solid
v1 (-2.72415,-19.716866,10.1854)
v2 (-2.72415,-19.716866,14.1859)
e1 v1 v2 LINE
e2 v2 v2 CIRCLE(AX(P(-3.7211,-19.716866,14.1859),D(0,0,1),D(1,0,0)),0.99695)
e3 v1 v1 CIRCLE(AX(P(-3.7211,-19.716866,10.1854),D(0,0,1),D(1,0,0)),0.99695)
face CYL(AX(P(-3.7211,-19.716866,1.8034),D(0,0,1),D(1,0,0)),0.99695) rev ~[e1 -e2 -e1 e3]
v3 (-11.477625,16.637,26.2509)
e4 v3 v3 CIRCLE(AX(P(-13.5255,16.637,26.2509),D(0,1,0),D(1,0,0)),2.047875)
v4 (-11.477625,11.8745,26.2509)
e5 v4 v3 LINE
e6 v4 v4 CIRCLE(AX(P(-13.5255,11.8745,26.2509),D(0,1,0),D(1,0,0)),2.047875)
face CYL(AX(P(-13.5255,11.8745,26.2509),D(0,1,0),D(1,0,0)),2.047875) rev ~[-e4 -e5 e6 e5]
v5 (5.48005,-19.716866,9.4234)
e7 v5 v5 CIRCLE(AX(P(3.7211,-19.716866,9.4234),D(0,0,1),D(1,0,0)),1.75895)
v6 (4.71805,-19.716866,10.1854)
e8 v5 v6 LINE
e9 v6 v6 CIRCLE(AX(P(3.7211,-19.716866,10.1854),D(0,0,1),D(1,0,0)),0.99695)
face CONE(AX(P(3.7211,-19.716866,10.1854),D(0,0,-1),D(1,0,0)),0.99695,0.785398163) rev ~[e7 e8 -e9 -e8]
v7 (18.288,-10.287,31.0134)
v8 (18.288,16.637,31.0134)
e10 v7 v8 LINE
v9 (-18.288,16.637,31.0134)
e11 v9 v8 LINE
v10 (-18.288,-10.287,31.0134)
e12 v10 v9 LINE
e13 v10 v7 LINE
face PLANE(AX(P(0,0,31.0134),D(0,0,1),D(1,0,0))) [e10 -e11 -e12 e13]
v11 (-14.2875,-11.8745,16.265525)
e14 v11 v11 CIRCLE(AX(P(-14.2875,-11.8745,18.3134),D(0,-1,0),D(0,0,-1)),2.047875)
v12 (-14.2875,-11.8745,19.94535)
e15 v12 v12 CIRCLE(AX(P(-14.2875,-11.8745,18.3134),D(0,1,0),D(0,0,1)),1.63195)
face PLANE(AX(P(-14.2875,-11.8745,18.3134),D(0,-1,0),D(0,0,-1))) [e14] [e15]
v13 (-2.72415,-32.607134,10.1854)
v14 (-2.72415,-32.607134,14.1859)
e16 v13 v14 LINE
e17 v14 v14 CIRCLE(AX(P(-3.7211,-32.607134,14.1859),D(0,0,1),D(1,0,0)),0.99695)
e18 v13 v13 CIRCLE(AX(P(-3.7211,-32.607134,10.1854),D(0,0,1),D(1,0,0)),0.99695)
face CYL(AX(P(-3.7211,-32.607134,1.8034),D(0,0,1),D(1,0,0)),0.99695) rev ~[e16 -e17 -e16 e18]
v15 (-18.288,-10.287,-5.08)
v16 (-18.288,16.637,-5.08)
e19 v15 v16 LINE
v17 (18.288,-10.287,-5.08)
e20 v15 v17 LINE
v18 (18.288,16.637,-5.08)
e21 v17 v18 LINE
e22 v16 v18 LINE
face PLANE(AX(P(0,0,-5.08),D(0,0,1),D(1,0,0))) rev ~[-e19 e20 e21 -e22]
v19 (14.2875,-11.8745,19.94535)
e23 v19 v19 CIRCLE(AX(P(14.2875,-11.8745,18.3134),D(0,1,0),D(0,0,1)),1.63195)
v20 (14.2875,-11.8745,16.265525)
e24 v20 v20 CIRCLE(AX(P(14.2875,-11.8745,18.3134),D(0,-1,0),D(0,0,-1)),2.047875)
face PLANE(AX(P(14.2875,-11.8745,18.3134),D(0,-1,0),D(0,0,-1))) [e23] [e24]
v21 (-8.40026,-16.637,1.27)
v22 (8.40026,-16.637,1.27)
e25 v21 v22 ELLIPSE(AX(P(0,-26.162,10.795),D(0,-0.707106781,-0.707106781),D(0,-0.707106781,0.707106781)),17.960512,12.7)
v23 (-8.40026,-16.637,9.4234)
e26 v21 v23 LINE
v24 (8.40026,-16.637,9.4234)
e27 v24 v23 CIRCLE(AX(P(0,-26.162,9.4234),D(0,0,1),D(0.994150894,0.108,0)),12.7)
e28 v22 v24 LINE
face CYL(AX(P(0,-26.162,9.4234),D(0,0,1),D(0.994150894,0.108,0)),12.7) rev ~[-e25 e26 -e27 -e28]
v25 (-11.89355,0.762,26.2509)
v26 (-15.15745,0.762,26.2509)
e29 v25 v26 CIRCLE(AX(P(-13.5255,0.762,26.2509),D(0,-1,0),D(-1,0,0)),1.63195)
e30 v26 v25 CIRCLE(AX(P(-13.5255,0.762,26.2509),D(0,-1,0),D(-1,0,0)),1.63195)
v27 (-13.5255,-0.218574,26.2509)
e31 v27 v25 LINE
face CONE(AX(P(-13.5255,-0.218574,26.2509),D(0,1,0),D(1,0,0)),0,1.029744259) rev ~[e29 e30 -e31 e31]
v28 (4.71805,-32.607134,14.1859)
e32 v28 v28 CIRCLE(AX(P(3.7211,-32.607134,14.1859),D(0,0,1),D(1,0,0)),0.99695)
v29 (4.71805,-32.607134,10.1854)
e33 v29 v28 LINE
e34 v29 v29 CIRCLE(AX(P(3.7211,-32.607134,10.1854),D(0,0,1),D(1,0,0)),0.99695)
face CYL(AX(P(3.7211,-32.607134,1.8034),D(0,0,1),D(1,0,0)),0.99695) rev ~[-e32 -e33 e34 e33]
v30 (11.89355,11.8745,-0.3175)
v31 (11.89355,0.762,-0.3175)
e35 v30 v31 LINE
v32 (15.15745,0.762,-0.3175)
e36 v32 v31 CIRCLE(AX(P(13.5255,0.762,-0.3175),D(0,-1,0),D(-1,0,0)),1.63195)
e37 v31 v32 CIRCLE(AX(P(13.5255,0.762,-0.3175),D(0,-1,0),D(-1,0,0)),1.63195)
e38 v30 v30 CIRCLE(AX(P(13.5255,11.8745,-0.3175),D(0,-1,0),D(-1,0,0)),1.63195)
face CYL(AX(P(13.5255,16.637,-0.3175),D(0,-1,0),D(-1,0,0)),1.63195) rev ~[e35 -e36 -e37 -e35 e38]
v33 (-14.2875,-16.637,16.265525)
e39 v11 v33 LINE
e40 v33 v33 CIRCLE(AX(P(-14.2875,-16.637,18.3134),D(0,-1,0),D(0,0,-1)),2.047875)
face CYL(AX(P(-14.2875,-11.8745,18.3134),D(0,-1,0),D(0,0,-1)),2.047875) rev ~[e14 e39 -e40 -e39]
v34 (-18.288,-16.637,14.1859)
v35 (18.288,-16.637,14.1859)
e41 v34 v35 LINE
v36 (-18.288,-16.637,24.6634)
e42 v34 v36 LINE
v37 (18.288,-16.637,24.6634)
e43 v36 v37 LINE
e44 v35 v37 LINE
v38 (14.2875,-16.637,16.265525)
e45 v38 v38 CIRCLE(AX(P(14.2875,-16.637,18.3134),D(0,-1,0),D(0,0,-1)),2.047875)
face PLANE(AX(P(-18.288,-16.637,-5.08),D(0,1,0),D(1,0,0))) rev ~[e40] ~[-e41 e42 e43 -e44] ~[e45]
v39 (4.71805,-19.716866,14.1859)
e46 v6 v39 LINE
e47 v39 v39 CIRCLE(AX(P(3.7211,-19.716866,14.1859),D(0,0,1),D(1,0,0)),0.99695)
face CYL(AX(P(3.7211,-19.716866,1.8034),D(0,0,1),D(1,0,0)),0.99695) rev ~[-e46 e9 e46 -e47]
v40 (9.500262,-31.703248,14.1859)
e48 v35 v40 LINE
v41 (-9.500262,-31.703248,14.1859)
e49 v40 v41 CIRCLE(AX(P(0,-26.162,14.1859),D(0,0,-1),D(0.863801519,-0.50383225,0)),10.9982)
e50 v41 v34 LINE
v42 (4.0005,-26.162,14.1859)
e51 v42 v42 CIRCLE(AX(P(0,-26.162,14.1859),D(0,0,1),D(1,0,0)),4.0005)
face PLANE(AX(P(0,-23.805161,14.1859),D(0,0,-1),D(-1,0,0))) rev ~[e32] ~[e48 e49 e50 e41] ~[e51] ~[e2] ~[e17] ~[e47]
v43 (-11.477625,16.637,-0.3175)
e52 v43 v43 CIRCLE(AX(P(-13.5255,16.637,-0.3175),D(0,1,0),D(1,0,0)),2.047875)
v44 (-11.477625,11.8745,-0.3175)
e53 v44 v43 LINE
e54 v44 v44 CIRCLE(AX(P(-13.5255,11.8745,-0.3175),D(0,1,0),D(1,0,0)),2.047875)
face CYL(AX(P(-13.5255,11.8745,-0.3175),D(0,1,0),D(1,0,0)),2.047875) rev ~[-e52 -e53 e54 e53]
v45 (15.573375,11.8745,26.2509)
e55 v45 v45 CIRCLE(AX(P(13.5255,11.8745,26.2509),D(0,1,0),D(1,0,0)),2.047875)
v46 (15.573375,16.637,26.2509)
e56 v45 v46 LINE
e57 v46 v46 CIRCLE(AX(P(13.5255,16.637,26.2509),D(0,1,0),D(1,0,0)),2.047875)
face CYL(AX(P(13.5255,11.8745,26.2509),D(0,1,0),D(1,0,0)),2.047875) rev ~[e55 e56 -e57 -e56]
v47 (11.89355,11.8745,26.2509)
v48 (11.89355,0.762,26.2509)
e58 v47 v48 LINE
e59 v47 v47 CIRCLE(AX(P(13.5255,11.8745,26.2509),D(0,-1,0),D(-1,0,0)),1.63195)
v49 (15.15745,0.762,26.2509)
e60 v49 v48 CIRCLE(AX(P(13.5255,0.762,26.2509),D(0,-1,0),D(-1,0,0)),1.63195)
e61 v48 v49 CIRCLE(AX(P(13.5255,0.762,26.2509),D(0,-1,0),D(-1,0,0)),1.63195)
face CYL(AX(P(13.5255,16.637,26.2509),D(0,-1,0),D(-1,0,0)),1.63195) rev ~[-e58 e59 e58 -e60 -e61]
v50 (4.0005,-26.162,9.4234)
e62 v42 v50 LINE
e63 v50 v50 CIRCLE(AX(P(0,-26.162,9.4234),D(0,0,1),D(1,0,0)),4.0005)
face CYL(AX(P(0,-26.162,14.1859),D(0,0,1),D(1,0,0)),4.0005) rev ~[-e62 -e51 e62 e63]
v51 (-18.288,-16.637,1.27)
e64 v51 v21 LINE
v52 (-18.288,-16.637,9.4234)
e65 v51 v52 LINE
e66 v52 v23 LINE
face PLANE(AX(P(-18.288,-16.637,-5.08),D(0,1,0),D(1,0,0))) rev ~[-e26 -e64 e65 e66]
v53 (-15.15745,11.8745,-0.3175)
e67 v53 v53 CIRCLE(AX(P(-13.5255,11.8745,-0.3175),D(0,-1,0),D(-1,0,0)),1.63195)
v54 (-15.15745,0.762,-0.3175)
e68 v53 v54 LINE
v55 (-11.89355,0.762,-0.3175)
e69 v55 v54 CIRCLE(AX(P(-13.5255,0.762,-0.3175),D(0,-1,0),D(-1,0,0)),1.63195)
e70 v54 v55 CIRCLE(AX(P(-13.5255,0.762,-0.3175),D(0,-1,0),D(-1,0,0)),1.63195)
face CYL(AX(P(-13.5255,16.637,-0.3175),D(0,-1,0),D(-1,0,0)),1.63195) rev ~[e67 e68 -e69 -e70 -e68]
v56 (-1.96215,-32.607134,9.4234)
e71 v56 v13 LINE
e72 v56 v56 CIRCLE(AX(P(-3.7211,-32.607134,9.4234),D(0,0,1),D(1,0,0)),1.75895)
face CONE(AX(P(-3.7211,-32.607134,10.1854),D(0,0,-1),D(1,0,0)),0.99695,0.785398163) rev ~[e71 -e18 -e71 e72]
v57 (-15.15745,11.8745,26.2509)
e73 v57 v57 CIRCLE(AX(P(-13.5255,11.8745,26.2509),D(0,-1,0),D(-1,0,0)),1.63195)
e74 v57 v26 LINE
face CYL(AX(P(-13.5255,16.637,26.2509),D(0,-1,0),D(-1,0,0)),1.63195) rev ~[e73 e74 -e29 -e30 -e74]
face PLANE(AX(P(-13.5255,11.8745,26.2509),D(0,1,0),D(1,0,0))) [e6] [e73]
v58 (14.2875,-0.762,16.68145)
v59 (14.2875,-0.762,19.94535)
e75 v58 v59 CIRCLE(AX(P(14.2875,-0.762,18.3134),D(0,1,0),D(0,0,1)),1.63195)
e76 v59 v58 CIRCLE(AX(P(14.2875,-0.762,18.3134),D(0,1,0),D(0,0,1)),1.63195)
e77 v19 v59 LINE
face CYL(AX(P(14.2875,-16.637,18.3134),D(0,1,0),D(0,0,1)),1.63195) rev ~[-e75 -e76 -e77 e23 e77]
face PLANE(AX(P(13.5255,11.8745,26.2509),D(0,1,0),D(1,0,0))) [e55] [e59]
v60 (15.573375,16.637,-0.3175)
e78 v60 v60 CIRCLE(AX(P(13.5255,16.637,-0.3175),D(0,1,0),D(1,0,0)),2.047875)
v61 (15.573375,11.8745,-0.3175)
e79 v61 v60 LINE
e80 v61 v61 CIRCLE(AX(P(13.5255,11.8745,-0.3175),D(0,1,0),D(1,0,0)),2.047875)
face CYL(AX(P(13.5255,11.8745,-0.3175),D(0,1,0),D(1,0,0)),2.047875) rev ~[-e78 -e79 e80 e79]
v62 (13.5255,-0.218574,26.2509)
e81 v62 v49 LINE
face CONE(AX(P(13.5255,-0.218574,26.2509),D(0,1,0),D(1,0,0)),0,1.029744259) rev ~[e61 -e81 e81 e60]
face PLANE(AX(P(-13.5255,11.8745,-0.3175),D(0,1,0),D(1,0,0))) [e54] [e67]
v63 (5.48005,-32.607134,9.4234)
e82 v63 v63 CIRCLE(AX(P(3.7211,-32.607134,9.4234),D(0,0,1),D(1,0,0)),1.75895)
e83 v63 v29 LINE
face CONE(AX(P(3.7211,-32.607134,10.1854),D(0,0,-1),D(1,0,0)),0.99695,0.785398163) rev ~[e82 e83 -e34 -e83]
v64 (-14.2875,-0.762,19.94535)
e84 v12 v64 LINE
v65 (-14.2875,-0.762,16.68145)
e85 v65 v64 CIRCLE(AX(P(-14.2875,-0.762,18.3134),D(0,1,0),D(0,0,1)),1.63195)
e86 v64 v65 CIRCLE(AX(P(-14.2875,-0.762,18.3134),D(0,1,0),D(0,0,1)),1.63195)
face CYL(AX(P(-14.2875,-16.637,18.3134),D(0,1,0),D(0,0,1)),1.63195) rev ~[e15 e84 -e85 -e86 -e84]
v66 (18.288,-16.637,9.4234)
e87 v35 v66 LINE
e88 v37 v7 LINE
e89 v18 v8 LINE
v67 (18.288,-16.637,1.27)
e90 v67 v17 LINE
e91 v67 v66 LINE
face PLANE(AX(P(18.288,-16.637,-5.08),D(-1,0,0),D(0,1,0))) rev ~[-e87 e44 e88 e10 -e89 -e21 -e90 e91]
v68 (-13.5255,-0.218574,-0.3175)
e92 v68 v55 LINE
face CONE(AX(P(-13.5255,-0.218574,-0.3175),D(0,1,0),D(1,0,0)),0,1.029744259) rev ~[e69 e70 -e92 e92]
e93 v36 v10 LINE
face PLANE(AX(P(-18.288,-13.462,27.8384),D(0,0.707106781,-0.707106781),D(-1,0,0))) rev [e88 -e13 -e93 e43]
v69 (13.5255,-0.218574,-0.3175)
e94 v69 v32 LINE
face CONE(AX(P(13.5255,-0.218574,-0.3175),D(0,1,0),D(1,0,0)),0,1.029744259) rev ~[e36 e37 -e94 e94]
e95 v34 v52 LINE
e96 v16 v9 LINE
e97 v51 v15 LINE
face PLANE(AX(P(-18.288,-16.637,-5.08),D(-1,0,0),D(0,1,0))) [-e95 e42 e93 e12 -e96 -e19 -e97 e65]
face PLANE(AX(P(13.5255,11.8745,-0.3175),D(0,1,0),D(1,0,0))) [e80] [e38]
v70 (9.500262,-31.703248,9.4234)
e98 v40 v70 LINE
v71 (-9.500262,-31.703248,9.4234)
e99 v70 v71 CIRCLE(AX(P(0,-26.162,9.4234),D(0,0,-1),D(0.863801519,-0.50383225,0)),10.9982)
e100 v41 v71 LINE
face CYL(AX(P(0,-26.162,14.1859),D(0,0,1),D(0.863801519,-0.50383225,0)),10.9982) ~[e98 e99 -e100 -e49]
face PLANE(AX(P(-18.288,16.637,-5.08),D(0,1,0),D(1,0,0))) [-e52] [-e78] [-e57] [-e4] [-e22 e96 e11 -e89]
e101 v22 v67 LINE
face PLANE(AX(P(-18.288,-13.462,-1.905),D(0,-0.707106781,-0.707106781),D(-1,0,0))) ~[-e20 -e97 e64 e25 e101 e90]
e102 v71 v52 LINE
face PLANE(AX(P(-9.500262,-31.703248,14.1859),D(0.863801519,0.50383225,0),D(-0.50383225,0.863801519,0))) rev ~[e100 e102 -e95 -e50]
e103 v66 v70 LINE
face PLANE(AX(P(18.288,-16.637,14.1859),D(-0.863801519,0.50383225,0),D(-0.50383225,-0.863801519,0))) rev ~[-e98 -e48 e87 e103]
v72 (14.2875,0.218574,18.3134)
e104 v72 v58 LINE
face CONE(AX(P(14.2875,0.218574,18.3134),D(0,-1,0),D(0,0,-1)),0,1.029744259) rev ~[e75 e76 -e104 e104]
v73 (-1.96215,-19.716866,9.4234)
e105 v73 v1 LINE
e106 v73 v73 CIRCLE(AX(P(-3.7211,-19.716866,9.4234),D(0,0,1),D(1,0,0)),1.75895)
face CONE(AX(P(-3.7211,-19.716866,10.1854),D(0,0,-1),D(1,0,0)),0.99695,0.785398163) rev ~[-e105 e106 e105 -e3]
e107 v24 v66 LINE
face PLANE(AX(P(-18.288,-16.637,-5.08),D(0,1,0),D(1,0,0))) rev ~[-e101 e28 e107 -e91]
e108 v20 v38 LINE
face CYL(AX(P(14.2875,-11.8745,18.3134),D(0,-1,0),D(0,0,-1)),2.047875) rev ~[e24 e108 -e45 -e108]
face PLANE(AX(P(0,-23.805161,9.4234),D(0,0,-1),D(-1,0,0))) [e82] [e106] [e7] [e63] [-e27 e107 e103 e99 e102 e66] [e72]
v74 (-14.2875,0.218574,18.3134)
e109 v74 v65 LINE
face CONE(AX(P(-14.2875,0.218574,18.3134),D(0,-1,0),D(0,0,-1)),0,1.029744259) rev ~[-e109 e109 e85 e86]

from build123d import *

# Parameters (mm, degrees)
BEARING_MOUNT_BLOCK_DEPTH                      = 31.0134
BEARING_MOUNT_BLOCK_DEPTH_BACK                 = 5.08
SKETCH1_W                                      = 36.576
SKETCH1_H                                      = 33.274
CBORE_FOR_4_SOCKET_HEAD_CAP_SCREW1_D           = 3.2639
CBORE_FOR_4_SOCKET_HEAD_CAP_SCREW1_DEPTH       = 15.875
CBORE_FOR_4_SOCKET_HEAD_CAP_SCREW1_CBORE_D     = 4.09575
CBORE_FOR_4_SOCKET_HEAD_CAP_SCREW1_CBORE_DEPTH = 4.7625
CBORE_FOR_4_SOCKET_HEAD_CAP_SCREW1_TIP         = 0.980574487
CBORE_FOR_4_SOCKET_HEAD_CAP_SCREW2_D           = 3.2639
CBORE_FOR_4_SOCKET_HEAD_CAP_SCREW2_DEPTH       = 15.875
CBORE_FOR_4_SOCKET_HEAD_CAP_SCREW2_CBORE_D     = 4.09575
CBORE_FOR_4_SOCKET_HEAD_CAP_SCREW2_CBORE_DEPTH = 4.7625
CBORE_FOR_4_SOCKET_HEAD_CAP_SCREW2_TIP         = 0.980574487
SKETCH14_R                                     = 4.0005
ENCODER_MOUNTING_FLANGE_DEPTH                  = 4.7625
ENCODER_MOUNTING_HOLES_3_48_D                  = 1.9939
ENCODER_MOUNTING_HOLES_3_48_DEPTH              = 7.62
ENCODER_MOUNTING_HOLES_3_48_TIP                = 0.599027994
MATERIAL_REDUCTION_CHAMFER_SIZE                = 6.35
MATERIAL_REDUCTION_CHAMFER_2_SIZE              = 6.35
ENCODER_CLEARANCE_CUT_DEPTH                    = 47.706097118
TAPPING_CHAMFER_SIZE                           = 0.762


with BuildPart() as part:
    # Sketch1 → Bearing Mount Block (new, two sides: drawn at the far end of the back side and taken through both)
    with BuildSketch(Plane.XY.offset(-BEARING_MOUNT_BLOCK_DEPTH_BACK)):
        Rectangle(SKETCH1_W, SKETCH1_H)
    extrude(amount=BEARING_MOUNT_BLOCK_DEPTH + BEARING_MOUNT_BLOCK_DEPTH_BACK)

    # CBORE for #4 Socket Head Cap Screw1
    with Locations(Plane(origin=(-14.2875, -16.637, 18.3134), x_dir=(0, 0, -1), z_dir=(0, -1, 0))):
        with Locations((0, 0), (0, 28.575)):
            CounterBoreHole(CBORE_FOR_4_SOCKET_HEAD_CAP_SCREW1_D / 2, CBORE_FOR_4_SOCKET_HEAD_CAP_SCREW1_CBORE_D / 2, CBORE_FOR_4_SOCKET_HEAD_CAP_SCREW1_CBORE_DEPTH, depth=CBORE_FOR_4_SOCKET_HEAD_CAP_SCREW1_DEPTH)
            with Locations((0, 0, -(CBORE_FOR_4_SOCKET_HEAD_CAP_SCREW1_DEPTH + CBORE_FOR_4_SOCKET_HEAD_CAP_SCREW1_TIP / 2))):  # 118° drill point
                Cone(0, CBORE_FOR_4_SOCKET_HEAD_CAP_SCREW1_D / 2, CBORE_FOR_4_SOCKET_HEAD_CAP_SCREW1_TIP, mode=Mode.SUBTRACT)

    # CBORE for #4 Socket Head Cap Screw2
    with Locations(Plane(origin=(0, 16.637, 0), x_dir=(1, 0, 0), z_dir=(0, 1, 0))):
        with Locations((13.5255, 0.3175), (13.5255, -26.2509), (-13.5255, -26.2509), (-13.5255, 0.3175)):
            CounterBoreHole(CBORE_FOR_4_SOCKET_HEAD_CAP_SCREW2_D / 2, CBORE_FOR_4_SOCKET_HEAD_CAP_SCREW2_CBORE_D / 2, CBORE_FOR_4_SOCKET_HEAD_CAP_SCREW2_CBORE_DEPTH, depth=CBORE_FOR_4_SOCKET_HEAD_CAP_SCREW2_DEPTH)
            with Locations((0, 0, -(CBORE_FOR_4_SOCKET_HEAD_CAP_SCREW2_DEPTH + CBORE_FOR_4_SOCKET_HEAD_CAP_SCREW2_TIP / 2))):  # 118° drill point
                Cone(0, CBORE_FOR_4_SOCKET_HEAD_CAP_SCREW2_D / 2, CBORE_FOR_4_SOCKET_HEAD_CAP_SCREW2_TIP, mode=Mode.SUBTRACT)

    # Sketch14 → Encoder Mounting Flange (add)
    with BuildSketch(Plane.XY.offset(14.1859)):
        with BuildLine():
            Line((18.288, -16.637), (9.500261866, -31.703247849))
            ThreePointArc((9.500261866, -31.703247849), (0, -37.1602), (-9.500261866, -31.703247849))
            Line((-9.500261866, -31.703247849), (-18.288, -16.637))
            Line((-18.288, -16.637), (18.288, -16.637))
        make_face()
        with Locations((0, -26.162)):
            Circle(SKETCH14_R, mode=Mode.SUBTRACT)
    extrude(amount=-ENCODER_MOUNTING_FLANGE_DEPTH)

    # Encoder Mounting Holes (#3-48)
    with Locations(Plane(origin=(0, 0, 9.4234), x_dir=(-1, 0, 0), z_dir=(0, 0, -1))):
        with Locations((-3.7211, -32.60713426), (3.7211, -19.71686574), (3.7211, -32.60713426), (-3.7211, -19.71686574)):
            Hole(ENCODER_MOUNTING_HOLES_3_48_D / 2, depth=ENCODER_MOUNTING_HOLES_3_48_DEPTH)
            with Locations((0, 0, -(ENCODER_MOUNTING_HOLES_3_48_DEPTH + ENCODER_MOUNTING_HOLES_3_48_TIP / 2))):  # 118° drill point
                Cone(0, ENCODER_MOUNTING_HOLES_3_48_D / 2, ENCODER_MOUNTING_HOLES_3_48_TIP, mode=Mode.SUBTRACT)

    # Material Reduction Chamfer
    material_reduction_chamfer_edges = [part.edges().sort_by_distance(p)[0] for p in [
        (0, -16.637, 31.0134),
    ]]
    chamfer(material_reduction_chamfer_edges, length=MATERIAL_REDUCTION_CHAMFER_SIZE)

    # Material Reduction Chamfer 2
    material_reduction_chamfer_2_edges = [part.edges().sort_by_distance(p)[0] for p in [
        (0, -16.637, -5.08),
    ]]
    chamfer(material_reduction_chamfer_2_edges, length=MATERIAL_REDUCTION_CHAMFER_2_SIZE)

    # Sketch18 → Encoder Clearance Cut (cut, through all)
    with BuildSketch(Plane(origin=(0, 0, 9.4234), x_dir=(-1, 0, 0), z_dir=(0, 0, -1))):
        with BuildLine():
            Line((12.625716354, -24.7904), (-12.625716354, -24.7904))
            ThreePointArc((-12.625716354, -24.7904), (0, -13.462), (12.625716354, -24.7904))
        make_face()
    extrude(amount=ENCODER_CLEARANCE_CUT_DEPTH, mode=Mode.SUBTRACT)

    # Tapping Chamfer
    tapping_chamfer_edges = [part.edges().sort_by_distance(p)[0] for p in [
        (2.72415, -19.71686574, 9.4234),
        (-4.71805, -32.60713426, 9.4234),
        (-4.71805, -19.71686574, 9.4234),
        (2.72415, -32.60713426, 9.4234),
    ]]
    chamfer(tapping_chamfer_edges, length=TAPPING_CHAMFER_SIZE)


solid = part.part
